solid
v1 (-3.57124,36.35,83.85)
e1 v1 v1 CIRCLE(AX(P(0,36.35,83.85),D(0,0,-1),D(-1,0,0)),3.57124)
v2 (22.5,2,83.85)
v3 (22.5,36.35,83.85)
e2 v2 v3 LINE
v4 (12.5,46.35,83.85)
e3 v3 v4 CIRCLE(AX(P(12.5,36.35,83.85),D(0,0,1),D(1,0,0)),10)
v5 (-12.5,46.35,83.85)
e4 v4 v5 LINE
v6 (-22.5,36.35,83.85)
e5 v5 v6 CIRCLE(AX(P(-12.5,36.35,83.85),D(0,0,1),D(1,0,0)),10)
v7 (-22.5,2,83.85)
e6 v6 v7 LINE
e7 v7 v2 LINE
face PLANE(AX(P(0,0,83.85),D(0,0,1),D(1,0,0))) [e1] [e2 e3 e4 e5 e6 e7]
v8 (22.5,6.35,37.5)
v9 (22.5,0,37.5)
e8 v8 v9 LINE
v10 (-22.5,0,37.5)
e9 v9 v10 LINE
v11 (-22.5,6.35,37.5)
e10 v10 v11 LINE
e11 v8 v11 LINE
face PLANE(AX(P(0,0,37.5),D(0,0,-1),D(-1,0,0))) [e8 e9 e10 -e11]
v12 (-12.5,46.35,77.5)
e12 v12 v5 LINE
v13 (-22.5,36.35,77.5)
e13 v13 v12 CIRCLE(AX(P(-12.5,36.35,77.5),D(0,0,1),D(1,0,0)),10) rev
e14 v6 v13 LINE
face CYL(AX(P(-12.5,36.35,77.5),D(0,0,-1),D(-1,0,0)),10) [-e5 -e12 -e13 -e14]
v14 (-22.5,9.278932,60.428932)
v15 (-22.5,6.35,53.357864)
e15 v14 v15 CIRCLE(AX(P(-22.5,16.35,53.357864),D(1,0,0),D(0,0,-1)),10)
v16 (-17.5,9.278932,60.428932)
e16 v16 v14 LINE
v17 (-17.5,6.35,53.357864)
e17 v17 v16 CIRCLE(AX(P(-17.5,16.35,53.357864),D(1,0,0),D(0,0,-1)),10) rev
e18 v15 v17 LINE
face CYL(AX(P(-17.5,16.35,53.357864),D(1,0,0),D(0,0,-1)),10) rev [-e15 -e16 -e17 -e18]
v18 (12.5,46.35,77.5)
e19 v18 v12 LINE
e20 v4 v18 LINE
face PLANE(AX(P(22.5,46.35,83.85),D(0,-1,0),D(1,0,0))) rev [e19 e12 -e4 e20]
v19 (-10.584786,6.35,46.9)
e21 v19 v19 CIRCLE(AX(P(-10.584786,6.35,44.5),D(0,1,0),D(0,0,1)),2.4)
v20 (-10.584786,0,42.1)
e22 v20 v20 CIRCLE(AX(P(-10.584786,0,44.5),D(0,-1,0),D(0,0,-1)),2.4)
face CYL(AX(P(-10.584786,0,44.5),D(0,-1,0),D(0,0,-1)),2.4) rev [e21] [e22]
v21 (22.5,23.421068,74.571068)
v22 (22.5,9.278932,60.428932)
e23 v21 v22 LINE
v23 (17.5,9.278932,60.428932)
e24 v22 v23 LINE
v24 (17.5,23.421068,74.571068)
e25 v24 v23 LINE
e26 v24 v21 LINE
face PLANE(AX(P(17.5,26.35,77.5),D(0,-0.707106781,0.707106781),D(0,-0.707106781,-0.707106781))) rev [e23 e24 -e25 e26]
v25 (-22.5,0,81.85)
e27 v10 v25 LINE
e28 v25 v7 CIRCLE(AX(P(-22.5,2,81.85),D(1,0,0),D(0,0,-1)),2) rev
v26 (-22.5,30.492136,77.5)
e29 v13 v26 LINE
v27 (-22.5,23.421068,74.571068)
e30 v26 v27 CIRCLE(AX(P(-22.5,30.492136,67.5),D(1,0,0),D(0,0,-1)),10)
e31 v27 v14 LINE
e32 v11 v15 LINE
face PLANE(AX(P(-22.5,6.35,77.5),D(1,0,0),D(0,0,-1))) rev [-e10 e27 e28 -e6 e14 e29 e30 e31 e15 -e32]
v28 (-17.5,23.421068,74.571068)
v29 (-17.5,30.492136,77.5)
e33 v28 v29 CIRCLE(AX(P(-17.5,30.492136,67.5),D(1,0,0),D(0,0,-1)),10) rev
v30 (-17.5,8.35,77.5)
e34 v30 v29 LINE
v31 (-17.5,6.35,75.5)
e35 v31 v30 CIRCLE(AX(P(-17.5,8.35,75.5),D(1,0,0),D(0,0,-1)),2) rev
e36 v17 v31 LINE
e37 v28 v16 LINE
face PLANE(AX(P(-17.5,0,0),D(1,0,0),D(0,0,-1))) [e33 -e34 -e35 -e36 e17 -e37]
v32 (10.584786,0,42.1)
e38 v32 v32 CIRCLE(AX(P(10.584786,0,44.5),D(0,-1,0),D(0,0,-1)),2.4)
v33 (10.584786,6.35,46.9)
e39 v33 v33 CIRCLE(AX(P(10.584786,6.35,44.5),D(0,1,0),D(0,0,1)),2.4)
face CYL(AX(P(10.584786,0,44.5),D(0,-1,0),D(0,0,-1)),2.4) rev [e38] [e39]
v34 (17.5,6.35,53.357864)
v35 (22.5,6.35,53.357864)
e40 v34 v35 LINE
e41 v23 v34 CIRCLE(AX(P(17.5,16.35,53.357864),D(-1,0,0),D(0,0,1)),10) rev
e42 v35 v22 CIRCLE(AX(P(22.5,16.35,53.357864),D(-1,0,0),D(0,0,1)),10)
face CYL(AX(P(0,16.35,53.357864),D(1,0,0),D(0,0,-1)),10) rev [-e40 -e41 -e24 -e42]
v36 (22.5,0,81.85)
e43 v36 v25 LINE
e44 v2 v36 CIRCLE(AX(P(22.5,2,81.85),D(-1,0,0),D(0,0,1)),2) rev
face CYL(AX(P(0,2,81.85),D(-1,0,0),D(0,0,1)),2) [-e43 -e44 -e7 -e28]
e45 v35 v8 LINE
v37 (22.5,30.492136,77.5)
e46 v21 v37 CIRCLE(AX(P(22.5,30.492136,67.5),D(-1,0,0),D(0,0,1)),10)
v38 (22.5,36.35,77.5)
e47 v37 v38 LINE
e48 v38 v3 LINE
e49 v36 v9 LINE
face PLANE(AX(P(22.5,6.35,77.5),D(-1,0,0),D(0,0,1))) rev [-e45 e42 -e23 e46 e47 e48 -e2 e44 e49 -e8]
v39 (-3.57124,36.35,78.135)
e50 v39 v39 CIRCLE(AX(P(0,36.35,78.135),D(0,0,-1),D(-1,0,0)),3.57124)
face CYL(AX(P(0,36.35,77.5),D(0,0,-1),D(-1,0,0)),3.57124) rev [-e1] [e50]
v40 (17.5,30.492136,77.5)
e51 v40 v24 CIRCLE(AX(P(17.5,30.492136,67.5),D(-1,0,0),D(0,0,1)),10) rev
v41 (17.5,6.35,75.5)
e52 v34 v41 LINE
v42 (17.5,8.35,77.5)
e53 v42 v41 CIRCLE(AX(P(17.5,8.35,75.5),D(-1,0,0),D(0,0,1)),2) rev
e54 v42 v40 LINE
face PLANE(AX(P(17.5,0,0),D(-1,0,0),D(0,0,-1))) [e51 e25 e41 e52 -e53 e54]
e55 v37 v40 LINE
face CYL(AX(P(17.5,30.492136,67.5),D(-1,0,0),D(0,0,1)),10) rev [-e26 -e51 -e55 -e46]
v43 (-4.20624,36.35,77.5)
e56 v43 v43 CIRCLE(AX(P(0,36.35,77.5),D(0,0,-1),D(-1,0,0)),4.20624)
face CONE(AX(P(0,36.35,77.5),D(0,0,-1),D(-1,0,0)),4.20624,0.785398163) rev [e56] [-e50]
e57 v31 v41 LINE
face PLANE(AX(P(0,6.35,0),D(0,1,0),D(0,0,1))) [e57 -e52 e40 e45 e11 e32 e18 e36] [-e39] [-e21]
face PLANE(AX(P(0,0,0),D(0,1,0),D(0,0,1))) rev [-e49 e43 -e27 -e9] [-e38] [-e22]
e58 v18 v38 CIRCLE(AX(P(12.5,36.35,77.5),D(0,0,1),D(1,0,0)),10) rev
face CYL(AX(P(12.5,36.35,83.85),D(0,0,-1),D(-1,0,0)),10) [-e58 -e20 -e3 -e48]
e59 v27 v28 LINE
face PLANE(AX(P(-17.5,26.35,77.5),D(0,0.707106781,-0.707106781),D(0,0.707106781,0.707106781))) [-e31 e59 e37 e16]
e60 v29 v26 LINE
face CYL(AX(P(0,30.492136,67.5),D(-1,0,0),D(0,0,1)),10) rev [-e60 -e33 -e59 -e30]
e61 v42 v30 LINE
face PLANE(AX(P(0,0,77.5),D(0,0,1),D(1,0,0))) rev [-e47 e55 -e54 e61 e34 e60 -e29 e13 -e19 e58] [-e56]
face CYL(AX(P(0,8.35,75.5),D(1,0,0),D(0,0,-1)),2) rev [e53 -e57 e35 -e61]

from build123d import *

# Parameters (mm, degrees)
BOSS_EXTRUDE1_DEPTH               = 6.35
M5_CLEARANCE_HOLE1_D              = 5.5
M5_CLEARANCE_HOLE1_CSINK_D        = 5.55
M5_CLEARANCE_HOLE1_CSINK_ANGLE    = 90
SKETCH5_R                         = 12.5
CUT_EXTRUDE1_DEPTH                = 81.949505866
SKETCH12_W                        = 45
SKETCH12_H                        = 46.35
BOSS_EXTRUDE2_DEPTH               = 6.35
F_1_4_CLEARANCE_HOLE1_D           = 7.14248
F_1_4_CLEARANCE_HOLE1_CSINK_D     = 8.41248
F_1_4_CLEARANCE_HOLE1_CSINK_ANGLE = 90
FILLET1_R                         = 10
FILLET2_R                         = 2
SKETCH18_W                        = 106.323058396
SKETCH18_H                        = 71.002809098
CUT_EXTRUDE4_DEPTH                = 60
M4_CLEARANCE_HOLE1_D              = 4.8
BOSS_EXTRUDE3_DEPTH               = 5
FILLET3_R                         = 10
FILLET3_OF_MIRROR1_R              = 10


with BuildPart() as part:
    # Sketch1 → Boss-Extrude1 (new body)
    with BuildSketch(Plane(origin=(0, 0, 0), x_dir=(1, 0, 0), z_dir=(0, 1, 0))):
        with BuildLine():
            Line((-22.5, -77.5), (22.5, -77.5))
            Line((22.5, -77.5), (22.5, 3.34e-07))
            ThreePointArc((22.5, 3.34e-07), (0, 22.5), (-22.5, 3.34e-07))
            Line((-22.5, 3.34e-07), (-22.5, -77.5))
        make_face()
    extrude(amount=BOSS_EXTRUDE1_DEPTH)

    # M5 Clearance Hole1 (through all)
    with Locations(Plane(origin=(0, 6.35, 0), x_dir=(1, 0, 0), z_dir=(0, 1, 0))):
        with Locations((-6.696960066, -16.167891819), (6.696960066, -16.167891819), (6.696960066, 16.167891819), (-6.696960066, 16.167891819)):
            CounterSinkHole(M5_CLEARANCE_HOLE1_D / 2, M5_CLEARANCE_HOLE1_CSINK_D / 2, counter_sink_angle=M5_CLEARANCE_HOLE1_CSINK_ANGLE)

    # Sketch5 → Cut-Extrude1 (cut, through all)
    with BuildSketch(Plane(origin=(0, 6.35, 0), x_dir=(1, 0, 0), z_dir=(0, 1, 0))):
        with Locations(Location((0, 0, 0), (0, 0, 270))):
            Circle(SKETCH5_R)
    extrude(amount=-CUT_EXTRUDE1_DEPTH, mode=Mode.SUBTRACT)

    # Sketch12 → Boss-Extrude2 (add)
    with BuildSketch(Plane.XY.offset(77.5)):
        with Locations((0, 23.175)):
            Rectangle(SKETCH12_W, SKETCH12_H)
    extrude(amount=BOSS_EXTRUDE2_DEPTH)

    # 1/4 Clearance Hole1 (through all)
    with Locations(Plane(origin=(0, 0, 77.5), x_dir=(-1, 0, 0), z_dir=(0, 0, -1))):
        with Locations((0, 36.35)):
            CounterSinkHole(F_1_4_CLEARANCE_HOLE1_D / 2, F_1_4_CLEARANCE_HOLE1_CSINK_D / 2, counter_sink_angle=F_1_4_CLEARANCE_HOLE1_CSINK_ANGLE)

    # Fillet1
    fillet1_edges = [part.edges().sort_by_distance(p)[0] for p in [
        (22.5, 46.35, 80.675),
        (-22.5, 46.35, 80.675),
    ]]
    fillet(fillet1_edges, radius=FILLET1_R)

    # Fillet2
    fillet2_edges = [part.edges().sort_by_distance(p)[0] for p in [
        (0, 6.35, 77.5),
        (0, 0, 83.85),
    ]]
    fillet(fillet2_edges, radius=FILLET2_R)

    # Sketch18 → Cut-Extrude4 (cut)
    with BuildSketch(Plane.XY.offset(-22.5)):
        with Locations((20.664180994, 31.016391908)):
            Rectangle(SKETCH18_W, SKETCH18_H)
    extrude(amount=CUT_EXTRUDE4_DEPTH, mode=Mode.SUBTRACT)

    # M4 Clearance Hole1 (through all)
    with Locations(Plane(origin=(0, 0, 0), x_dir=(-1, 0, 0), z_dir=(0, -1, 0))):
        with Locations((10.58478565, -44.5), (-10.58478565, -44.5)):
            Hole(M4_CLEARANCE_HOLE1_D / 2)

    # Sketch23 → Boss-Extrude3 (add)
    with BuildSketch(Plane.ZY.offset(22.5)):
        Polygon((77.5, 26.35), (57.5, 6.35), (77.5, 6.35), align=None)
    boss_extrude3 = extrude(amount=-BOSS_EXTRUDE3_DEPTH)

    # Fillet3
    fillet3_edges = [part.edges().sort_by_distance(p)[0] for p in [
        (-20, 26.35, 77.5),
        (-20, 6.35, 57.5),
    ]]
    fillet(fillet3_edges, radius=FILLET3_R)

    # Mirror1: Boss-Extrude3 across plane
    add(boss_extrude3.mirror(Plane(origin=(0, 0, 0), x_dir=(0, 0, 1), z_dir=(1, 0, 0))))

    # Fillet3 of Mirror1
    fillet3_of_mirror1_edges = [part.edges().sort_by_distance(p)[0] for p in [
        (20, 26.35, 77.5),
        (20, 6.35, 57.5),
    ]]
    fillet(fillet3_of_mirror1_edges, radius=FILLET3_OF_MIRROR1_R)


solid = part.part
